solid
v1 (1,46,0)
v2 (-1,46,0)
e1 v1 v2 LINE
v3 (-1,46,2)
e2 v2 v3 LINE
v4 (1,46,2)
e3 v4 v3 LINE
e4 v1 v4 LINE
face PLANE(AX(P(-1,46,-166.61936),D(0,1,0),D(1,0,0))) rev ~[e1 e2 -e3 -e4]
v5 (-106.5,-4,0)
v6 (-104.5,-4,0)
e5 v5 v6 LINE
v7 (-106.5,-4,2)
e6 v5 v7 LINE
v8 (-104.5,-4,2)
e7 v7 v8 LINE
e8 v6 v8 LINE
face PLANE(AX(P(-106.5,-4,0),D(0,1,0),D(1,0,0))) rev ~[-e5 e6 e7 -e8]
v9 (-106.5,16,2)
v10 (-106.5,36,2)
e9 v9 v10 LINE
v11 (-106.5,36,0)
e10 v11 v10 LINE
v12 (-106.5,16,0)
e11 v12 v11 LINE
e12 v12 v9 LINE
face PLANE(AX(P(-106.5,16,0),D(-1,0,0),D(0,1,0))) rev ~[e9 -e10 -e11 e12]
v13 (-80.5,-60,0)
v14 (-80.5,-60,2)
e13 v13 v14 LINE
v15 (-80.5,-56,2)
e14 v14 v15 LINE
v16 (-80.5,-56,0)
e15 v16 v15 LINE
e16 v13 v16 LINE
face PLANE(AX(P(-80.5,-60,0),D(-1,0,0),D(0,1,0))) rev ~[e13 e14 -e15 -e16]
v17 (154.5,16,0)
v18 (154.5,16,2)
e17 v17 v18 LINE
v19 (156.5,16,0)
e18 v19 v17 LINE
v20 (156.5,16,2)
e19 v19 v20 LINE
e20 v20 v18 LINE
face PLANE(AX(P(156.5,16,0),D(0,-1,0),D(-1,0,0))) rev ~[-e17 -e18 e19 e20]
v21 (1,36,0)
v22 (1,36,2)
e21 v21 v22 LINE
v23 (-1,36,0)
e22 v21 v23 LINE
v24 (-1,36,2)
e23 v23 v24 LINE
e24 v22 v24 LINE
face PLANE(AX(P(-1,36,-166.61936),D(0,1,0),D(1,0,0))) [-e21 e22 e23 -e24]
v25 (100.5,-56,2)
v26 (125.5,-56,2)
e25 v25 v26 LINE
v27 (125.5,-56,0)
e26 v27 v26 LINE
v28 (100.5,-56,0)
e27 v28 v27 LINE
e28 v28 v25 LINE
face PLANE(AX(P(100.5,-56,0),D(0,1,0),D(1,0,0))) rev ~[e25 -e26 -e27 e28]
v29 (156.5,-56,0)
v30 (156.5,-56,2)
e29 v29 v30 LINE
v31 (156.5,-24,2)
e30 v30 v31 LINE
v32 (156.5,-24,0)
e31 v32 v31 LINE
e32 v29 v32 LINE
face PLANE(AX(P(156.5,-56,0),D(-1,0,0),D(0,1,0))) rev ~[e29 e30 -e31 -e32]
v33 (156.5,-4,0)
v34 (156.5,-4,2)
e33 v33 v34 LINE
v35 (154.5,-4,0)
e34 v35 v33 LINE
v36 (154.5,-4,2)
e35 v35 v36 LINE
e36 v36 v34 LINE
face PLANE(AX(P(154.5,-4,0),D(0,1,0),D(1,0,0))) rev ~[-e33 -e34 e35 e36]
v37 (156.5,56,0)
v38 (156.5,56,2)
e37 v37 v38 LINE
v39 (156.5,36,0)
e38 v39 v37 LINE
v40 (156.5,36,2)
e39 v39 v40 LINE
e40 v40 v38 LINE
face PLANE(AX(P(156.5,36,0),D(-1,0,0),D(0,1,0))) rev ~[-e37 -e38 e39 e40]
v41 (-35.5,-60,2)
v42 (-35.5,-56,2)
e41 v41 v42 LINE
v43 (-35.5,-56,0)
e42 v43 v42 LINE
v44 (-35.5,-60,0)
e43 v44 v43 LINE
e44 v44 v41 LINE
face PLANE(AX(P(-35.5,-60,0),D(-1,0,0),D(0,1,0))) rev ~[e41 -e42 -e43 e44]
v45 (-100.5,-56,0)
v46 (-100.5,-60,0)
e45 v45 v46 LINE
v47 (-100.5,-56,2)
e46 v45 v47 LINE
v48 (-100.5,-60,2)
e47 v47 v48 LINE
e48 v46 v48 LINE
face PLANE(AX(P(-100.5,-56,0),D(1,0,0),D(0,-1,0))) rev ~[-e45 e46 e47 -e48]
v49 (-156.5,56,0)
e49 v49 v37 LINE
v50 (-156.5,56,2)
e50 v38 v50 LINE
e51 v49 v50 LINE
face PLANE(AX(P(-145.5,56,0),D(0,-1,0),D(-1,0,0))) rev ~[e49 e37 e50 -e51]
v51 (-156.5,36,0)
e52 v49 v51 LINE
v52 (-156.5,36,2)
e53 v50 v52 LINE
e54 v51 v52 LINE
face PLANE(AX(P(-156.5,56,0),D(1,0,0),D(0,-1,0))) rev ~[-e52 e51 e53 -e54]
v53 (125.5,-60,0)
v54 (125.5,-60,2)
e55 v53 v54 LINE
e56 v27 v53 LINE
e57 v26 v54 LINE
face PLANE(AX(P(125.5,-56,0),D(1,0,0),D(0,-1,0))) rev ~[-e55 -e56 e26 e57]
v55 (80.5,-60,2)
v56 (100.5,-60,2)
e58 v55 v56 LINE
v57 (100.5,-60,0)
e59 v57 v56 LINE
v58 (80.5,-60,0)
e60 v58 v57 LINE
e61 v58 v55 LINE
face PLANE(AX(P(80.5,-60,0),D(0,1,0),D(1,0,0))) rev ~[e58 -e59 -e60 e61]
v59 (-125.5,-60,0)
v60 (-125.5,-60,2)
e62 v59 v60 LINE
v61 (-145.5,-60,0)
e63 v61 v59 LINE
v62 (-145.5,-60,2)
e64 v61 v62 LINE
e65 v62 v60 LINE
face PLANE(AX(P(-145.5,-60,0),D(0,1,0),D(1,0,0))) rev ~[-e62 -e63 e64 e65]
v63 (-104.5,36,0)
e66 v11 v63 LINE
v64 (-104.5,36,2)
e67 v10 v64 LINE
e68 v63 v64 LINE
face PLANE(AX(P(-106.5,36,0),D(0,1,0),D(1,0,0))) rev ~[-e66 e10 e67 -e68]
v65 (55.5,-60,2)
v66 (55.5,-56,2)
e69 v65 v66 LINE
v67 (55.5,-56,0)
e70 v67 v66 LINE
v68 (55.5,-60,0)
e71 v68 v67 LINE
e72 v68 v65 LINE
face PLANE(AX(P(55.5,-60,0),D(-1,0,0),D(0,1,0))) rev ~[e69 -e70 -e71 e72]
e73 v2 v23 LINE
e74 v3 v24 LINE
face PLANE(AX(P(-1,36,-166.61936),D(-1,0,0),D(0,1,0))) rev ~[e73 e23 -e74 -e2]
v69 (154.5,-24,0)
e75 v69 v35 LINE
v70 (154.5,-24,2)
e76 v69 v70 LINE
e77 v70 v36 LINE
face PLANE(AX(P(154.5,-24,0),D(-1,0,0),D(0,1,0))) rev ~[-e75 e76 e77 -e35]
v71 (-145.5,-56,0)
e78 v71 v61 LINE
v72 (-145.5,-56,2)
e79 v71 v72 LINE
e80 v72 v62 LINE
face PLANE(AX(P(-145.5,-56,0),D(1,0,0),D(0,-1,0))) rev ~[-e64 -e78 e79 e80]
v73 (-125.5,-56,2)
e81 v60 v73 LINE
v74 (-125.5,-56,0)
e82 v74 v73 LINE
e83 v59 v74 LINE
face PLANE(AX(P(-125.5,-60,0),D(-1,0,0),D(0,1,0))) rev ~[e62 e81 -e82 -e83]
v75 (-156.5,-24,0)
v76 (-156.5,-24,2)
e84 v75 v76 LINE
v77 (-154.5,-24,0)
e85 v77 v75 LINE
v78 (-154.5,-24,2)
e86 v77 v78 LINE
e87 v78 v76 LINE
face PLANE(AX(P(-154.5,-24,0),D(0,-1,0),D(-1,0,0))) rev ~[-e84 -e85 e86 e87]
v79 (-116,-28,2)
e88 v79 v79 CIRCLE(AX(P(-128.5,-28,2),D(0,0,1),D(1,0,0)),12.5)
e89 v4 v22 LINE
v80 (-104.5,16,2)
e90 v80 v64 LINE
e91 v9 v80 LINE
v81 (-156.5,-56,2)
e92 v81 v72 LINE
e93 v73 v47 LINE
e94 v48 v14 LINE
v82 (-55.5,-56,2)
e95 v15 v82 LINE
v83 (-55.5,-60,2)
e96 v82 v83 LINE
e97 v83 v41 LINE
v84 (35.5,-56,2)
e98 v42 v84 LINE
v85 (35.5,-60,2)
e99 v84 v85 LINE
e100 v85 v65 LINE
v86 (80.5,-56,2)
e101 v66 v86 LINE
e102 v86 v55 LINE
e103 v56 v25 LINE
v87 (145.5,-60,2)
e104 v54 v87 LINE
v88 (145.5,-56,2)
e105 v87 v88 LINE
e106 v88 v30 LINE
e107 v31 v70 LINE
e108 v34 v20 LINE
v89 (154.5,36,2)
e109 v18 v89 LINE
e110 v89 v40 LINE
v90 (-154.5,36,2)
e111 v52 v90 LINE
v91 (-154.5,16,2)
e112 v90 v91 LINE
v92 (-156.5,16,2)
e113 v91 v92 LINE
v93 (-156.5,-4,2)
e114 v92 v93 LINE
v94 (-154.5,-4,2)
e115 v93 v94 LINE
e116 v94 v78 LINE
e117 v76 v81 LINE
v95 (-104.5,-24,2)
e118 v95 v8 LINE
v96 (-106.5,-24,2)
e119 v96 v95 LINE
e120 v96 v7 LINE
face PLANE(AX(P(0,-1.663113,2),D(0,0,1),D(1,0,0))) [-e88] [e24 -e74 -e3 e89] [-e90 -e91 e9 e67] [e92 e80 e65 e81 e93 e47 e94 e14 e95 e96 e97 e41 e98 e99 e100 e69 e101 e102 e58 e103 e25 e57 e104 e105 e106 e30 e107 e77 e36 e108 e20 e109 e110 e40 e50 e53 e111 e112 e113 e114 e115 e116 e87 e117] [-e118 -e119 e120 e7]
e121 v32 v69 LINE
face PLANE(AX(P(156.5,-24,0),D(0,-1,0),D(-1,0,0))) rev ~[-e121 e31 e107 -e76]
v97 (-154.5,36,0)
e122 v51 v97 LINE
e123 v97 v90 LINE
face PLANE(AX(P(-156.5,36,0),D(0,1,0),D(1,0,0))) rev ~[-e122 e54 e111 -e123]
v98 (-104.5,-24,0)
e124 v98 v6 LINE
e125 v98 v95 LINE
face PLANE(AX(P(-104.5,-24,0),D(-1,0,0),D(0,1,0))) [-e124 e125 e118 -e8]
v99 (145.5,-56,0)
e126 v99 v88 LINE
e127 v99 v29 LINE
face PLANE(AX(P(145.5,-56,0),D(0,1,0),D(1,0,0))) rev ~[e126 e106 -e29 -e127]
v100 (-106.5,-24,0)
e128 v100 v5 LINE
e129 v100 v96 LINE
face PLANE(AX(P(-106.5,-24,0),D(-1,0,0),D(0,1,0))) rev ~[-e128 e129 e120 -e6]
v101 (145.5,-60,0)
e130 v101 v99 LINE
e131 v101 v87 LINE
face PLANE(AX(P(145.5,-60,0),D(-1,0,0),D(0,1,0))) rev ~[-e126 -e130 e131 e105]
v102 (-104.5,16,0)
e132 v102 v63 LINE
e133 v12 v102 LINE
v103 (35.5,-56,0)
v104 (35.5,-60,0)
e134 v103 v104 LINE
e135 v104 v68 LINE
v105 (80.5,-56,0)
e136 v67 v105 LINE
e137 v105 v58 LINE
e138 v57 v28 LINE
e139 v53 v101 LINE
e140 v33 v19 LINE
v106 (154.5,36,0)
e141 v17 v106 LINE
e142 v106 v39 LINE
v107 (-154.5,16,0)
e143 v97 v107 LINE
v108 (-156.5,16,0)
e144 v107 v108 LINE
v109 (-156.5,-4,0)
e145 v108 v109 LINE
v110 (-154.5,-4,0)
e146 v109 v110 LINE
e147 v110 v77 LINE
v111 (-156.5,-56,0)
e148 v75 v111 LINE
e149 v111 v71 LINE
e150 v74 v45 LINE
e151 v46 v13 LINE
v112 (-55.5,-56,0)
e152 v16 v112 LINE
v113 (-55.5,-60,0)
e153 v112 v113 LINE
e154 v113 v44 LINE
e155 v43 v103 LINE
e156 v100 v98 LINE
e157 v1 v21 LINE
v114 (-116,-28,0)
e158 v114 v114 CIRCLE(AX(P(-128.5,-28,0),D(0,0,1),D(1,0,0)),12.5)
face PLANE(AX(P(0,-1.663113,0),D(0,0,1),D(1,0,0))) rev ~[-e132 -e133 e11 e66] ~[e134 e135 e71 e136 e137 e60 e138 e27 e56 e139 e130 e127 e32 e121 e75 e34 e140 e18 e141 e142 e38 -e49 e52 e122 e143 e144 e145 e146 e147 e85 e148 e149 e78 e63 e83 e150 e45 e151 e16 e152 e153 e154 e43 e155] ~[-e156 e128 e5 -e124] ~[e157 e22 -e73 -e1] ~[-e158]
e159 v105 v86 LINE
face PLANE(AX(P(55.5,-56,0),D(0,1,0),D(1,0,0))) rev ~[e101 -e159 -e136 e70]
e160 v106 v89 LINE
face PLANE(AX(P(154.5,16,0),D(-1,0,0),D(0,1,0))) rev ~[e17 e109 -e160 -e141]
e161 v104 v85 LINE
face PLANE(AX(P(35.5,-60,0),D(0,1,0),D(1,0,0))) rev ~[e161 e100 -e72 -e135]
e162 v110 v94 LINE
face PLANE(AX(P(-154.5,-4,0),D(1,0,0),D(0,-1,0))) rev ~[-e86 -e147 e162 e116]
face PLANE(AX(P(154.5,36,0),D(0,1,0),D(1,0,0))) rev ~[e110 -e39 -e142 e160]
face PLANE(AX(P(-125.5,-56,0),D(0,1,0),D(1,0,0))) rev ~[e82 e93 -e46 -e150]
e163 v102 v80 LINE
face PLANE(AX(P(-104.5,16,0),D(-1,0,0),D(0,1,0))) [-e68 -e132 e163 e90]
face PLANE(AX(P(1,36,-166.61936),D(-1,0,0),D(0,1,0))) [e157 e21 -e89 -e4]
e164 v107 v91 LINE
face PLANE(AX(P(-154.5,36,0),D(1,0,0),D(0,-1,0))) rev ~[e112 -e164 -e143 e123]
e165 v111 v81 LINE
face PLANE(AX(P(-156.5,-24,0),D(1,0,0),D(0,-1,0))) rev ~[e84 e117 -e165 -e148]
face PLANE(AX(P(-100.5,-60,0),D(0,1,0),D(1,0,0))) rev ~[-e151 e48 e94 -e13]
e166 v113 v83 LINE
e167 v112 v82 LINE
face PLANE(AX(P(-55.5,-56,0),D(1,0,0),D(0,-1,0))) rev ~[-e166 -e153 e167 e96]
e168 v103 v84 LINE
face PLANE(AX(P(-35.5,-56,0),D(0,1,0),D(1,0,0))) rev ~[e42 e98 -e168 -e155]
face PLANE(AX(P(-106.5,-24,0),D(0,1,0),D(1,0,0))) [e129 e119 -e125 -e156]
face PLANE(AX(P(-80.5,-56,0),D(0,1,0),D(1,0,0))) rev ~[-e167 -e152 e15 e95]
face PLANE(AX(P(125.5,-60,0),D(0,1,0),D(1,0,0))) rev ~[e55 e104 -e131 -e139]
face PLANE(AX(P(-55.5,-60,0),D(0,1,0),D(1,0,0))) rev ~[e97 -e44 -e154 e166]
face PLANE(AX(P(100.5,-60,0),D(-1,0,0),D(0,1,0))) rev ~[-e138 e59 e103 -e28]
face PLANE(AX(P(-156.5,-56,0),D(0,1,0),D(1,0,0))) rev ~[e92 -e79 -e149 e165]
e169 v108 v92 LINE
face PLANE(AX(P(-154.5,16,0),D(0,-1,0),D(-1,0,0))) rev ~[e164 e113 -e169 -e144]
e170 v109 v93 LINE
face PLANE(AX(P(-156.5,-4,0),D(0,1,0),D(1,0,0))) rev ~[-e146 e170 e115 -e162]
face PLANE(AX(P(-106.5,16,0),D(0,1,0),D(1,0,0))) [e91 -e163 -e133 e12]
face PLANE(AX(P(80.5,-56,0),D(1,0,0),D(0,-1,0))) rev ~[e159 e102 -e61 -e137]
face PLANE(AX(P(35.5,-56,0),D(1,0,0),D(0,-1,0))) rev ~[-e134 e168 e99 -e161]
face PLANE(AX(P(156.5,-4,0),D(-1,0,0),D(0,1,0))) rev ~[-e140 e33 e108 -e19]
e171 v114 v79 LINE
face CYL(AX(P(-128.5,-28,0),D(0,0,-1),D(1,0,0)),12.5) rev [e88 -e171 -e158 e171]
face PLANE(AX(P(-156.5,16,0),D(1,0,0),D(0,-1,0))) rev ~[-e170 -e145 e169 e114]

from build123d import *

# Parameters (mm, degrees)
SKETCH2_R               = 12.5
SKETCH2_W               = 2
SKETCH2_H               = 20
BOSS_EXTRUDE1_DEPTH     = 2
CUT_EXTRUDE1_DEPTH      = 168.619360457
CUT_EXTRUDE1_DEPTH_BACK = 168.619360457
SKETCH3_W               = 20
SKETCH3_H               = 2
CUT_EXTRUDE2_DEPTH      = 168.619360457
CUT_EXTRUDE2_DEPTH_BACK = 168.619360457
SKETCH5_W               = 2
SKETCH5_H               = 10


with BuildPart() as part:
    # Sketch2 → Boss-Extrude1 (new body)
    with BuildSketch(Plane.XY):
        Polygon((-100.5, -56), (-100.5, -60), (-80.5, -60), (-80.5, -56), (-55.5, -56), (-55.5, -60), (-35.5, -60), (-35.5, -56), (35.5, -56), (35.5, -60), (55.5, -60), (55.5, -56), (80.5, -56), (80.5, -60), (100.5, -60), (100.5, -56), (125.5, -56), (125.5, -60), (145.5, -60), (145.5, -56), (156.5, -56), (156.5, -24), (154.5, -24), (154.5, -4), (156.5, -4), (156.5, 16), (154.5, 16), (154.5, 36), (156.5, 36), (156.5, 56), (145.5, 56), (145.5, 58), (125.5, 58), (125.5, 56), (100.5, 56), (100.5, 58), (80.5, 58), (80.5, 56), (55.5, 56), (55.5, 58), (35.5, 58), (35.5, 56), (-35.5, 56), (-35.5, 58), (-55.5, 58), (-55.5, 56), (-80.5, 56), (-80.5, 58), (-100.5, 58), (-100.5, 56), (-125.5, 56), (-125.5, 58), (-145.5, 58), (-145.5, 56), (-156.5, 56), (-156.5, 36), (-154.5, 36), (-154.5, 16), (-156.5, 16), (-156.5, -4), (-154.5, -4), (-154.5, -24), (-156.5, -24), (-156.5, -56), (-145.5, -56), (-145.5, -60), (-125.5, -60), (-125.5, -56), align=None)
        with Locations((-128.5, -28)):
            Circle(SKETCH2_R, mode=Mode.SUBTRACT)
        with Locations((-105.5, 26)):
            Rectangle(SKETCH2_W, SKETCH2_H, mode=Mode.SUBTRACT)
        with Locations((-105.5, -14)):
            Rectangle(SKETCH2_W, SKETCH2_H, mode=Mode.SUBTRACT)
    extrude(amount=BOSS_EXTRUDE1_DEPTH)

    # Sketch3 → Cut-Extrude1 (cut, two sides: drawn at the far end of the back side and taken through both)
    with BuildSketch(Plane.XY.offset(2).offset(-CUT_EXTRUDE1_DEPTH_BACK)):
        with Locations((-135.5, 57)):
            Rectangle(SKETCH3_W, SKETCH3_H)
        with Locations((-90.5, 57)):
            Rectangle(SKETCH3_W, SKETCH3_H)
        with Locations((-45.5, 57)):
            Rectangle(SKETCH3_W, SKETCH3_H)
        with Locations((45.5, 57)):
            Rectangle(SKETCH3_W, SKETCH3_H)
        with Locations((90.5, 57)):
            Rectangle(SKETCH3_W, SKETCH3_H)
        with Locations((135.5, 57)):
            Rectangle(SKETCH3_W, SKETCH3_H)
    extrude(amount=CUT_EXTRUDE1_DEPTH + CUT_EXTRUDE1_DEPTH_BACK, mode=Mode.SUBTRACT)

    # Sketch5 → Cut-Extrude2 (cut, two sides: drawn at the far end of the back side and taken through both)
    with BuildSketch(Plane.XY.offset(2).offset(-CUT_EXTRUDE2_DEPTH_BACK)):
        with Locations((0, 41)):
            Rectangle(SKETCH5_W, SKETCH5_H)
    extrude(amount=CUT_EXTRUDE2_DEPTH + CUT_EXTRUDE2_DEPTH_BACK, mode=Mode.SUBTRACT)


solid = part.part
